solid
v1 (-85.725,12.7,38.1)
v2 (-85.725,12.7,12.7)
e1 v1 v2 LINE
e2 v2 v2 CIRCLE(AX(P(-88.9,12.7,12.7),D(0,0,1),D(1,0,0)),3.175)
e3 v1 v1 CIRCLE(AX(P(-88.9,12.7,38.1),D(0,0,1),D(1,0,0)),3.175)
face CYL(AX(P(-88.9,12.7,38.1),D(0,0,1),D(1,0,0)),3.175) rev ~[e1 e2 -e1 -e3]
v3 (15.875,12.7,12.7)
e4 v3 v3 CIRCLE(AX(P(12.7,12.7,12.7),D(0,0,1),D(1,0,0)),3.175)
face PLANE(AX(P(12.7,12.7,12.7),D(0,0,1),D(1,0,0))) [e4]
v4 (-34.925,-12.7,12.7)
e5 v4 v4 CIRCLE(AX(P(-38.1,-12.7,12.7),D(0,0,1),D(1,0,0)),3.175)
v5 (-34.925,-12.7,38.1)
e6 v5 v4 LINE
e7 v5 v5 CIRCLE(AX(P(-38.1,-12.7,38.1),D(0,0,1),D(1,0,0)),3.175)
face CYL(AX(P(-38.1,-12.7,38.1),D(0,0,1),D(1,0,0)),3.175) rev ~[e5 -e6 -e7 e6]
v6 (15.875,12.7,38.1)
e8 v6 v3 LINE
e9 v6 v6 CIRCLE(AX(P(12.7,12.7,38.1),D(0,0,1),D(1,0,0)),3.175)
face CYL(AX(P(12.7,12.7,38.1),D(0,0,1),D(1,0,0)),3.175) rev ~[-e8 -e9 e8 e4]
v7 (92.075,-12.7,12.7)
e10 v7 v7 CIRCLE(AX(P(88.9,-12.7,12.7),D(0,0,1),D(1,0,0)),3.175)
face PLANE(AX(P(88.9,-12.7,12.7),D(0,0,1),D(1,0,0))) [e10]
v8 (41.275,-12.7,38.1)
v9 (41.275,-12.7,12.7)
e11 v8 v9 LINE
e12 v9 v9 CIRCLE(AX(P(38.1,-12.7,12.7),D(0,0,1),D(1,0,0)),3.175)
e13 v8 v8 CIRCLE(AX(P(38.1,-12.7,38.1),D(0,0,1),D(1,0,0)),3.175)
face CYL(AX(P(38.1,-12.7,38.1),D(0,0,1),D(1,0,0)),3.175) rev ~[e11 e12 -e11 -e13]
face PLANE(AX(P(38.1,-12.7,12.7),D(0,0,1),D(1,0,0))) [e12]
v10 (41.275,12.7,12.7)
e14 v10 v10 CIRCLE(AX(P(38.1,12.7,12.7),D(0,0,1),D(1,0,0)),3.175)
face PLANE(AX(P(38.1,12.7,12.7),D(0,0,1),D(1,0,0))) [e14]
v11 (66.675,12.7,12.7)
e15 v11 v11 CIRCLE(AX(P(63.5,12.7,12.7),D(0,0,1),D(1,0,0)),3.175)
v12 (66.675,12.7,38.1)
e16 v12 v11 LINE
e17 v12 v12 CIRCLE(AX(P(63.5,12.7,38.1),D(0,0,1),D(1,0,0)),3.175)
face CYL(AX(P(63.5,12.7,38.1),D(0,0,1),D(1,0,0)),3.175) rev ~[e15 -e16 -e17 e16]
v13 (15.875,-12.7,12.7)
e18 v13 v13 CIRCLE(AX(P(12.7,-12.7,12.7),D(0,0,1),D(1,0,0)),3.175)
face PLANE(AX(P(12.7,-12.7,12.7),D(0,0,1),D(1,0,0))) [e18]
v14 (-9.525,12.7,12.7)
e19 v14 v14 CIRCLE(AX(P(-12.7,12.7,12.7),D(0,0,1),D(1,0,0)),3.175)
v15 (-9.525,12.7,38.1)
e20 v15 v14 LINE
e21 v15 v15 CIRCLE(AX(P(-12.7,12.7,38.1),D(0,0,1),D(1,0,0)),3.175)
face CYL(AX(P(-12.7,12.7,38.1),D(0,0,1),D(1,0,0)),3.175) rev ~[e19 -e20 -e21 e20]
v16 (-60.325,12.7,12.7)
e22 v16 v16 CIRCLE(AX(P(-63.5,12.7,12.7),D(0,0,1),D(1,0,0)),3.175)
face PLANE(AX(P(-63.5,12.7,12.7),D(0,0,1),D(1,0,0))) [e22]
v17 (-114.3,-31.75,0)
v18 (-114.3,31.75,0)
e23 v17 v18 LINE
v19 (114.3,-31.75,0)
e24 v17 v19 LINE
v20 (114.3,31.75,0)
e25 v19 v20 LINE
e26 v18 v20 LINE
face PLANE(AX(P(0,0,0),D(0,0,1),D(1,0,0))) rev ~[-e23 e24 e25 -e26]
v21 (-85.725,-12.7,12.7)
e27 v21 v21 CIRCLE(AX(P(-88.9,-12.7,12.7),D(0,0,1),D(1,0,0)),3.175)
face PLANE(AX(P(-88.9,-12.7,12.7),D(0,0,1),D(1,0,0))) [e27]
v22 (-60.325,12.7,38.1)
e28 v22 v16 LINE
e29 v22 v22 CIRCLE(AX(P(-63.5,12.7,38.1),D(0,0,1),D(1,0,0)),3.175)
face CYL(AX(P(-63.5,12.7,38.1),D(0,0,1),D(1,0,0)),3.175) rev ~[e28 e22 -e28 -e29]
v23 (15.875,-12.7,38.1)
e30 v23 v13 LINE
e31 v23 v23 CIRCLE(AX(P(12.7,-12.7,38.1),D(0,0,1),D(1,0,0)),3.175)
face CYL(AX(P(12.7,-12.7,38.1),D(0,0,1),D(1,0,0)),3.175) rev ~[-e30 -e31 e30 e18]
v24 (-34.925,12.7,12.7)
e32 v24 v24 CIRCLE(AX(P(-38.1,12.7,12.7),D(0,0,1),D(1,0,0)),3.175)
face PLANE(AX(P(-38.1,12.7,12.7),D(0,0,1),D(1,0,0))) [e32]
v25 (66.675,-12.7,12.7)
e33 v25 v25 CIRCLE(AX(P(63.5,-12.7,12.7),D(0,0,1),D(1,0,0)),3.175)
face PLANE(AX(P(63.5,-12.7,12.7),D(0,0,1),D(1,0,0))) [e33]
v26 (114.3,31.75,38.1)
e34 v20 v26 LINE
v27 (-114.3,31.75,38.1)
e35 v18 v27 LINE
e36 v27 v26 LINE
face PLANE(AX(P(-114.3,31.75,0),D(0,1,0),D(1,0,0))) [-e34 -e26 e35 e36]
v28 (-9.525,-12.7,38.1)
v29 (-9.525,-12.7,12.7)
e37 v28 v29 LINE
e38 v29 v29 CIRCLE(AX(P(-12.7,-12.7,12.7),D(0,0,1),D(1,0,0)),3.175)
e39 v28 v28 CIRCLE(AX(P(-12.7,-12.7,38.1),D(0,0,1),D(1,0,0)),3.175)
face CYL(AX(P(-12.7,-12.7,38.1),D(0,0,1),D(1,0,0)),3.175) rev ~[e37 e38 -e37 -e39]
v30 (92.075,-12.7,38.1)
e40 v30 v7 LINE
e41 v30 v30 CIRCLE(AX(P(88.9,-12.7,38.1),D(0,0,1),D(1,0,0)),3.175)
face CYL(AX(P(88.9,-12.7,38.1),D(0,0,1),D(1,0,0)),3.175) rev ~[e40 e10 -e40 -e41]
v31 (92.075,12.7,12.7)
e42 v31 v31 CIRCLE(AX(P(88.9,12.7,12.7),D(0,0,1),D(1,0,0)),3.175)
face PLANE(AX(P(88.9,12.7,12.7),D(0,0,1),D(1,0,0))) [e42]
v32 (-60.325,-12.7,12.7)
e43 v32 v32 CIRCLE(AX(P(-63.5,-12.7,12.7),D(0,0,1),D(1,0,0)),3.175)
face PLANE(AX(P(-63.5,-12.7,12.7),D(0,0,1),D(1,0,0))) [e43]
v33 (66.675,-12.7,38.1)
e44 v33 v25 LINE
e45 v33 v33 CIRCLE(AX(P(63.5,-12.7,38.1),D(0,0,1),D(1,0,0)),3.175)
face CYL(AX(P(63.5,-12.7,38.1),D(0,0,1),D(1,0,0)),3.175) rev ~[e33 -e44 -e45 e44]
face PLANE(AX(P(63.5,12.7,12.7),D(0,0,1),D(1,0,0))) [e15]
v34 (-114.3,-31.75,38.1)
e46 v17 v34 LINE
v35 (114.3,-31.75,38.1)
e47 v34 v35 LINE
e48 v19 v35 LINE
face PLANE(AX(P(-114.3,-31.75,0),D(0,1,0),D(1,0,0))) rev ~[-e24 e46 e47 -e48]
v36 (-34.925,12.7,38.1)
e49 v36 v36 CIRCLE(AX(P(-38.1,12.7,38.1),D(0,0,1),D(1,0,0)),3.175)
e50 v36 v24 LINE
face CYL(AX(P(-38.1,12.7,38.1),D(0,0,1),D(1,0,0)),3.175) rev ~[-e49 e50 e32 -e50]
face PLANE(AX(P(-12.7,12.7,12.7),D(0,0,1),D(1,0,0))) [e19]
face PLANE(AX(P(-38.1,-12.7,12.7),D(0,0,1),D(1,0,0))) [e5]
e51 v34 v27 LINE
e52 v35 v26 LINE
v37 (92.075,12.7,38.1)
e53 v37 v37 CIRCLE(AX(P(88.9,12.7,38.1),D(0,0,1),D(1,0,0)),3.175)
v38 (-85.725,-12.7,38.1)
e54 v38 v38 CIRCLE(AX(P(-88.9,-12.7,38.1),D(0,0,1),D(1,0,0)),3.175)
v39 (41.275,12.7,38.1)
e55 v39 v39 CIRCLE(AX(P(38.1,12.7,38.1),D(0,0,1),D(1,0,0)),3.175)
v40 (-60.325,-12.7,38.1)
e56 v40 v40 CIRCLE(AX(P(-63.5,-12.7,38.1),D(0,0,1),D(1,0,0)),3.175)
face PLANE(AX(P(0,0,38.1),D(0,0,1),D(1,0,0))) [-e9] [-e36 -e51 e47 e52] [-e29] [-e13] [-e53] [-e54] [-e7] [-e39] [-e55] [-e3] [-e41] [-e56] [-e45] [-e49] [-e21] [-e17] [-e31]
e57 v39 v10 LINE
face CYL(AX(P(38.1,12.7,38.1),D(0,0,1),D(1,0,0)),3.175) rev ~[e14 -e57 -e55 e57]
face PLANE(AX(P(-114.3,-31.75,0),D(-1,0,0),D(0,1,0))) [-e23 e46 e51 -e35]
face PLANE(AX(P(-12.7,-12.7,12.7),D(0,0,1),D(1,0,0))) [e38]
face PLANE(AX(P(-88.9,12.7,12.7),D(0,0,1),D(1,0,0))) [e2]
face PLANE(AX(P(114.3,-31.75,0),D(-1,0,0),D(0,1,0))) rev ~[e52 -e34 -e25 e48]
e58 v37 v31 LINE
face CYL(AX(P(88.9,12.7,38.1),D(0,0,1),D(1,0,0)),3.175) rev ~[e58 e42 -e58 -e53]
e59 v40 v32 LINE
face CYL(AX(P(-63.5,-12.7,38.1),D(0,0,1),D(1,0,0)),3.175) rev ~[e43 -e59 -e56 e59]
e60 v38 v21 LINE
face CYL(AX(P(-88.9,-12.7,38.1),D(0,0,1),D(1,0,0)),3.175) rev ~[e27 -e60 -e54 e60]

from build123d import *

# Parameters (mm, degrees)
F0_W     = 228.6
F0_H     = 63.5
F1_DEPTH = 38.1
F2_R     = 3.175
F3_DEPTH = 25.4


with BuildPart() as f1:
    # F0 (on Top) → F1 (new body)
    with BuildSketch(Plane.XY):
        Rectangle(F0_W, F0_H)
    extrude(amount=F1_DEPTH)

    # F2 (on face) → F3 (cut)
    with BuildSketch(Plane.XY.offset(38.1)):
        with Locations((-88.9, -12.7)):
            Circle(F2_R)
        with Locations((-88.9, 12.7)):
            Circle(F2_R)
        with Locations((-63.5, -12.7)):
            Circle(F2_R)
        with Locations((-63.5, 12.7)):
            Circle(F2_R)
        with Locations((-38.1, -12.7)):
            Circle(F2_R)
        with Locations((-38.1, 12.7)):
            Circle(F2_R)
        with Locations((-12.7, -12.7)):
            Circle(F2_R)
        with Locations((-12.7, 12.7)):
            Circle(F2_R)
        with Locations((12.7, -12.7)):
            Circle(F2_R)
        with Locations((12.7, 12.7)):
            Circle(F2_R)
        with Locations((38.1, -12.7)):
            Circle(F2_R)
        with Locations((38.1, 12.7)):
            Circle(F2_R)
        with Locations((63.5, -12.7)):
            Circle(F2_R)
        with Locations((63.5, 12.7)):
            Circle(F2_R)
        with Locations((88.9, -12.7)):
            Circle(F2_R)
        with Locations((88.9, 12.7)):
            Circle(F2_R)
    extrude(amount=-F3_DEPTH, mode=Mode.SUBTRACT)


solid = f1.part
